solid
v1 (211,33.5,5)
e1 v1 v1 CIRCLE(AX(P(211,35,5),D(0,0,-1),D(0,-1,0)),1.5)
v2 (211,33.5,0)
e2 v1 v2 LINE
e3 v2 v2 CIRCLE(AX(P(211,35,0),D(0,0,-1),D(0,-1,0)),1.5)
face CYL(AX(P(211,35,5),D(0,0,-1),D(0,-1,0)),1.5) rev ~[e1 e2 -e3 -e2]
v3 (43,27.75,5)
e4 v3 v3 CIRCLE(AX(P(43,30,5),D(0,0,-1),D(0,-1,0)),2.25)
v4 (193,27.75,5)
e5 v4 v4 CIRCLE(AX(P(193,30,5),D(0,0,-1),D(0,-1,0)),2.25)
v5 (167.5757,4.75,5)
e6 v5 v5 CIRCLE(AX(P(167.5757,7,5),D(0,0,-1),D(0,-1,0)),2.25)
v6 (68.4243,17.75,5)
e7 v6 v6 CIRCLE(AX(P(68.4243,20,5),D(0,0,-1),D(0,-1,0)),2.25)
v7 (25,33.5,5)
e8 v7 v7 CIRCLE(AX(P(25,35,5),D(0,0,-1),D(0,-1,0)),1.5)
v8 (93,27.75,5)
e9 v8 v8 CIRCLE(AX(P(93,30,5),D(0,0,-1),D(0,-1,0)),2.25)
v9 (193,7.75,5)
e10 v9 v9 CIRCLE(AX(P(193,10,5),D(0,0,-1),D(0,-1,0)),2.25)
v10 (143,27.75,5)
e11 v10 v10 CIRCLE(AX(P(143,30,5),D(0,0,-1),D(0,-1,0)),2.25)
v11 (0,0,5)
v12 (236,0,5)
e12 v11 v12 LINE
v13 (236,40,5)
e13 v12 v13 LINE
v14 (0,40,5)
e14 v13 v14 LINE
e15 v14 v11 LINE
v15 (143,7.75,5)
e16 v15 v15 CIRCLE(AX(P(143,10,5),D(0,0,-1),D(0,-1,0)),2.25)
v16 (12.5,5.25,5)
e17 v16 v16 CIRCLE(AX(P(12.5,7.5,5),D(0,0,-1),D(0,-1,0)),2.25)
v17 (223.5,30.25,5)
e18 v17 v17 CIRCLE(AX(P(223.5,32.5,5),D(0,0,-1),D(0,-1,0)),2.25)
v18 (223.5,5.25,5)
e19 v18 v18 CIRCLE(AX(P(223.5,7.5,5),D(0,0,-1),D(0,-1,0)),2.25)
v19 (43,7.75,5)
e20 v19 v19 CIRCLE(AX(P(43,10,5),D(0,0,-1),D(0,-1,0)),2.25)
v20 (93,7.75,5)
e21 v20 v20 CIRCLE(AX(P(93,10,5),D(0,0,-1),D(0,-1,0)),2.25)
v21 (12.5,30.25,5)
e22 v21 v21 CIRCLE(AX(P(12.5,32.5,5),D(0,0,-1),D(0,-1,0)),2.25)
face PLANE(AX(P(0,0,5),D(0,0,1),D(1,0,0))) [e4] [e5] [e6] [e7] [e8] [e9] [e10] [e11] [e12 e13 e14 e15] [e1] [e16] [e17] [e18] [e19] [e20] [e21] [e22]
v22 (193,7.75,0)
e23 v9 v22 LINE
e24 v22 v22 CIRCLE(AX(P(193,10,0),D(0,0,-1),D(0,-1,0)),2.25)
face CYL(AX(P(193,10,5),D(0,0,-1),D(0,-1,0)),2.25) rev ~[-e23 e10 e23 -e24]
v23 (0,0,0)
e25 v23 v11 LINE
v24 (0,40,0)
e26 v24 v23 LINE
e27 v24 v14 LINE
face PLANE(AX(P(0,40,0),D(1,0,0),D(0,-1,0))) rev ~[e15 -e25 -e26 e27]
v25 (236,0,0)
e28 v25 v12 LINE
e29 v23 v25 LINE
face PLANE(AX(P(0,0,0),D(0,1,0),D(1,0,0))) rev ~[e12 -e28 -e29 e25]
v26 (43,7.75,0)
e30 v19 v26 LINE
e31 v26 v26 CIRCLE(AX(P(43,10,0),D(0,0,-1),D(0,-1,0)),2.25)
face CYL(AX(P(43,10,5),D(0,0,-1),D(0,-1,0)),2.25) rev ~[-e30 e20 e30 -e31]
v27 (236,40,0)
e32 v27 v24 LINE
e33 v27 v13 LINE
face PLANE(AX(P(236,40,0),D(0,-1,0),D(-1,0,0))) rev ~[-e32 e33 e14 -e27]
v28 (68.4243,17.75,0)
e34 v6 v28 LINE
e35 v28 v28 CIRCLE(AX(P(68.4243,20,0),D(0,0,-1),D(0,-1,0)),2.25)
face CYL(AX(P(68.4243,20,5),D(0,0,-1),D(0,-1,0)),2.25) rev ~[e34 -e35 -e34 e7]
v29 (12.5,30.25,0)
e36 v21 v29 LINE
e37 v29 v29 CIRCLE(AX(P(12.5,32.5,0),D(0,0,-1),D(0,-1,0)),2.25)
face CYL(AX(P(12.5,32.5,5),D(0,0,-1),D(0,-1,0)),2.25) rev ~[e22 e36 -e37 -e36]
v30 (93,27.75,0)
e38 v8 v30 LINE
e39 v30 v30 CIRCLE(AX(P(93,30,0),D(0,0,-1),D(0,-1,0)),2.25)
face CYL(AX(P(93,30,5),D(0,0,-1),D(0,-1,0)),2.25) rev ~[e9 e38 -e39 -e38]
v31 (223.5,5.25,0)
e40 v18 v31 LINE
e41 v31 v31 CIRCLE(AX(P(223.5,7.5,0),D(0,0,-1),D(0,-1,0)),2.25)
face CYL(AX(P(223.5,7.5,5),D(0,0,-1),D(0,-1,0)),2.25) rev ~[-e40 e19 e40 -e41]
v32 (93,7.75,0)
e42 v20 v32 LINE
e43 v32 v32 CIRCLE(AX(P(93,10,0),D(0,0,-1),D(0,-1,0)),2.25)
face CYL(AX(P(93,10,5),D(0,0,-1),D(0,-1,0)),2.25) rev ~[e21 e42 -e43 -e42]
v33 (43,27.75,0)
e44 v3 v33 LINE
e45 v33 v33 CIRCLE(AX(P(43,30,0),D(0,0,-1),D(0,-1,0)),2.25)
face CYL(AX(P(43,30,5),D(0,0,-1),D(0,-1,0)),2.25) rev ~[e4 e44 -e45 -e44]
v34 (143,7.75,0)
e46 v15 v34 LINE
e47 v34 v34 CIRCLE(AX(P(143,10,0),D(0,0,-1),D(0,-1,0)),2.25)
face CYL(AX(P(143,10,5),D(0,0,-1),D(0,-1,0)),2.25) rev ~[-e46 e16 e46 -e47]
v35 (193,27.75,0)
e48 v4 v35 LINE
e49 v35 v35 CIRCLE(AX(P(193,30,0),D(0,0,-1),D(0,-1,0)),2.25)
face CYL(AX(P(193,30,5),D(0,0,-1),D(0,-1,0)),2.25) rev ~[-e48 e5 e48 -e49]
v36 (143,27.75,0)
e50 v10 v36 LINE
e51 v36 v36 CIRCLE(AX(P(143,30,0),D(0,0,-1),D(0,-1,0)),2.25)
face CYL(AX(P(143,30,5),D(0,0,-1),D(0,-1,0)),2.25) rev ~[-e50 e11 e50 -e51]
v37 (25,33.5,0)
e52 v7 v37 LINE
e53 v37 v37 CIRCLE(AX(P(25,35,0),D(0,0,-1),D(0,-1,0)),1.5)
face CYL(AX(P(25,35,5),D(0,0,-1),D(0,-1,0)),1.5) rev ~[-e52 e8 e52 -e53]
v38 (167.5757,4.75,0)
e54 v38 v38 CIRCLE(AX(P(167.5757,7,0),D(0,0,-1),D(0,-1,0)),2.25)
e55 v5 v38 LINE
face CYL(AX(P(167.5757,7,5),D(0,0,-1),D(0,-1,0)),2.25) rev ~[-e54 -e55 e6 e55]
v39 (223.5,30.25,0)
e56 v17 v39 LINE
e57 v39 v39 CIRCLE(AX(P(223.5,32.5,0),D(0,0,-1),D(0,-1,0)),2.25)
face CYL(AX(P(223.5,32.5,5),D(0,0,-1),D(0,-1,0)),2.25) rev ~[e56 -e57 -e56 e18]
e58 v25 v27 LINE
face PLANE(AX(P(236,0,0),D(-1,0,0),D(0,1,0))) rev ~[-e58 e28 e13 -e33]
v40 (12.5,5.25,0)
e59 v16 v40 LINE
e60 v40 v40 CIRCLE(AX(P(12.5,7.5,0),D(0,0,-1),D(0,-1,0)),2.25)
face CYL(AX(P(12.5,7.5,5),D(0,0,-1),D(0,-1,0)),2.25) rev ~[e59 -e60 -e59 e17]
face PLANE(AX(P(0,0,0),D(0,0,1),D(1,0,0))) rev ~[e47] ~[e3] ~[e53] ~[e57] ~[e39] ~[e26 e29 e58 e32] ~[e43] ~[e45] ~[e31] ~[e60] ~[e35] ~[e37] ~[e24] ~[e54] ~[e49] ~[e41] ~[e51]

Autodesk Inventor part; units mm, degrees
ref_plane "YZ Plane" through (0, 0, 0) normal (1, 0, 0) x (0, 1, 0)
ref_plane "XZ Plane" through (0, 0, 0) normal (0, 1, 0) x (-1, 0, 0)
ref_plane "XY Plane" through (0, 0, 0) normal (0, 0, 1) x (1, 0, 0)
sketch "Sketch1" plane through (0, 0, 0) normal (0, 0, 1) x (1, 0, 0)
  line L0 (0, 0) -> (236, 0)
  line L1 (236, 0) -> (236, 40)
  line L2 (236, 40) -> (0, 40)
  line L3 (0, 40) -> (0, 0)
  dimension "d0" = 236
  dimension "d1" = 40
extrude "Extrusion1" add sketch "Sketch1" along normal blind 5
sketch "Sketch2" plane through (0, 0, 5) normal (0, 0, 1) x (1, 0, 0)
  line L0 (236, 40) -> (0, 40) projected
  line L1 (0, 0) -> (236, 0) projected
  line L2 (0, 40) -> (0, 0) projected
  point P0 (43, 30)
  point P1 (43, 10)
  dimension "d4" = 10
  dimension "d6" = 43
  dimension "d40" = 20
  dimension "d41" = 10
hole "Hole1" at (43, 30, 5) at (43, 10, 5) direction (0, 0, -1) diameter 4.5 end through all clearance for "Flat Head Machine Screw" size "M4" standard "Ansi Metric M Profile"
pattern_linear "Rectangular Pattern1" count 4 spacing 50 along (1, 0, 0) of "Hole1"
sketch "Sketch3" plane through (0, 0, 5) normal (0, 0, 1) x (1, 0, 0)
  line L0 (236, 40) -> (0, 40) projected
  line L1 (0, 40) -> (0, 0) projected
  line L2 (236, 0) -> (236, 40) projected
  point P0 (68.4243, 20)
  point P1 (167.5757, 7)
  dimension "d17" = 100
  dimension "d18" = 20
  dimension "d19" = 13
  dimension "d20" = 68.4243
  dimension "d21" = 68.4243
hole "Hole2" at (68.4243, 20, 5) at (167.5757, 7, 5) direction (0, 0, -1) diameter 4.5 end through all clearance for "Flat Head Machine Screw" size "M4" standard "Ansi Metric M Profile"
sketch "Sketch4" plane through (0, 0, 5) normal (0, 0, 1) x (1, 0, 0)
  line L0 (236, 40) -> (0, 40) projected
  line L1 (0, 0) -> (236, 0) projected
  line L2 (0, 40) -> (0, 0) projected
  line L3 (236, 0) -> (236, 40) projected
  point P0 (12.5, 32.5)
  point P1 (12.5, 7.5)
  point P2 (223.5, 32.5)
  point P3 (223.5, 7.5)
  dimension "d29" = 7.5
  dimension "d30" = 7.5
  dimension "d31" = 12.5
  dimension "d32" = 12.5
hole "Hole3" at (12.5, 32.5, 5) at (12.5, 7.5, 5) at (223.5, 32.5, 5) at (223.5, 7.5, 5) direction (0, 0, -1) diameter 4.5 end through all clearance for "Flat Head Machine Screw" size "M4" standard "Ansi Metric M Profile"
sketch "Sketch5" plane through (0, 0, 5) normal (0, 0, 1) x (1, 0, 0)
  line L0 (236, 40) -> (0, 40) projected
  line L1 (236, 0) -> (236, 40) projected
  line L2 (0, 40) -> (0, 0) projected
  point P0 (25, 35)
  point P1 (211, 35)
  dimension "d42" = 5
  dimension "d51" = 25
  dimension "d52" = 25
hole "Hole4" at (25, 35, 5) at (211, 35, 5) direction (0, 0, -1) diameter 3 end through all
equation "\"d20\" = d21"
equation "\"d30\" = d29"
equation "\"d32\" = d31"
equation "\"d52\" = d51"
properties part number "Top_Slider Piece 1_4 Lanes" material "Wood (Oak)"
